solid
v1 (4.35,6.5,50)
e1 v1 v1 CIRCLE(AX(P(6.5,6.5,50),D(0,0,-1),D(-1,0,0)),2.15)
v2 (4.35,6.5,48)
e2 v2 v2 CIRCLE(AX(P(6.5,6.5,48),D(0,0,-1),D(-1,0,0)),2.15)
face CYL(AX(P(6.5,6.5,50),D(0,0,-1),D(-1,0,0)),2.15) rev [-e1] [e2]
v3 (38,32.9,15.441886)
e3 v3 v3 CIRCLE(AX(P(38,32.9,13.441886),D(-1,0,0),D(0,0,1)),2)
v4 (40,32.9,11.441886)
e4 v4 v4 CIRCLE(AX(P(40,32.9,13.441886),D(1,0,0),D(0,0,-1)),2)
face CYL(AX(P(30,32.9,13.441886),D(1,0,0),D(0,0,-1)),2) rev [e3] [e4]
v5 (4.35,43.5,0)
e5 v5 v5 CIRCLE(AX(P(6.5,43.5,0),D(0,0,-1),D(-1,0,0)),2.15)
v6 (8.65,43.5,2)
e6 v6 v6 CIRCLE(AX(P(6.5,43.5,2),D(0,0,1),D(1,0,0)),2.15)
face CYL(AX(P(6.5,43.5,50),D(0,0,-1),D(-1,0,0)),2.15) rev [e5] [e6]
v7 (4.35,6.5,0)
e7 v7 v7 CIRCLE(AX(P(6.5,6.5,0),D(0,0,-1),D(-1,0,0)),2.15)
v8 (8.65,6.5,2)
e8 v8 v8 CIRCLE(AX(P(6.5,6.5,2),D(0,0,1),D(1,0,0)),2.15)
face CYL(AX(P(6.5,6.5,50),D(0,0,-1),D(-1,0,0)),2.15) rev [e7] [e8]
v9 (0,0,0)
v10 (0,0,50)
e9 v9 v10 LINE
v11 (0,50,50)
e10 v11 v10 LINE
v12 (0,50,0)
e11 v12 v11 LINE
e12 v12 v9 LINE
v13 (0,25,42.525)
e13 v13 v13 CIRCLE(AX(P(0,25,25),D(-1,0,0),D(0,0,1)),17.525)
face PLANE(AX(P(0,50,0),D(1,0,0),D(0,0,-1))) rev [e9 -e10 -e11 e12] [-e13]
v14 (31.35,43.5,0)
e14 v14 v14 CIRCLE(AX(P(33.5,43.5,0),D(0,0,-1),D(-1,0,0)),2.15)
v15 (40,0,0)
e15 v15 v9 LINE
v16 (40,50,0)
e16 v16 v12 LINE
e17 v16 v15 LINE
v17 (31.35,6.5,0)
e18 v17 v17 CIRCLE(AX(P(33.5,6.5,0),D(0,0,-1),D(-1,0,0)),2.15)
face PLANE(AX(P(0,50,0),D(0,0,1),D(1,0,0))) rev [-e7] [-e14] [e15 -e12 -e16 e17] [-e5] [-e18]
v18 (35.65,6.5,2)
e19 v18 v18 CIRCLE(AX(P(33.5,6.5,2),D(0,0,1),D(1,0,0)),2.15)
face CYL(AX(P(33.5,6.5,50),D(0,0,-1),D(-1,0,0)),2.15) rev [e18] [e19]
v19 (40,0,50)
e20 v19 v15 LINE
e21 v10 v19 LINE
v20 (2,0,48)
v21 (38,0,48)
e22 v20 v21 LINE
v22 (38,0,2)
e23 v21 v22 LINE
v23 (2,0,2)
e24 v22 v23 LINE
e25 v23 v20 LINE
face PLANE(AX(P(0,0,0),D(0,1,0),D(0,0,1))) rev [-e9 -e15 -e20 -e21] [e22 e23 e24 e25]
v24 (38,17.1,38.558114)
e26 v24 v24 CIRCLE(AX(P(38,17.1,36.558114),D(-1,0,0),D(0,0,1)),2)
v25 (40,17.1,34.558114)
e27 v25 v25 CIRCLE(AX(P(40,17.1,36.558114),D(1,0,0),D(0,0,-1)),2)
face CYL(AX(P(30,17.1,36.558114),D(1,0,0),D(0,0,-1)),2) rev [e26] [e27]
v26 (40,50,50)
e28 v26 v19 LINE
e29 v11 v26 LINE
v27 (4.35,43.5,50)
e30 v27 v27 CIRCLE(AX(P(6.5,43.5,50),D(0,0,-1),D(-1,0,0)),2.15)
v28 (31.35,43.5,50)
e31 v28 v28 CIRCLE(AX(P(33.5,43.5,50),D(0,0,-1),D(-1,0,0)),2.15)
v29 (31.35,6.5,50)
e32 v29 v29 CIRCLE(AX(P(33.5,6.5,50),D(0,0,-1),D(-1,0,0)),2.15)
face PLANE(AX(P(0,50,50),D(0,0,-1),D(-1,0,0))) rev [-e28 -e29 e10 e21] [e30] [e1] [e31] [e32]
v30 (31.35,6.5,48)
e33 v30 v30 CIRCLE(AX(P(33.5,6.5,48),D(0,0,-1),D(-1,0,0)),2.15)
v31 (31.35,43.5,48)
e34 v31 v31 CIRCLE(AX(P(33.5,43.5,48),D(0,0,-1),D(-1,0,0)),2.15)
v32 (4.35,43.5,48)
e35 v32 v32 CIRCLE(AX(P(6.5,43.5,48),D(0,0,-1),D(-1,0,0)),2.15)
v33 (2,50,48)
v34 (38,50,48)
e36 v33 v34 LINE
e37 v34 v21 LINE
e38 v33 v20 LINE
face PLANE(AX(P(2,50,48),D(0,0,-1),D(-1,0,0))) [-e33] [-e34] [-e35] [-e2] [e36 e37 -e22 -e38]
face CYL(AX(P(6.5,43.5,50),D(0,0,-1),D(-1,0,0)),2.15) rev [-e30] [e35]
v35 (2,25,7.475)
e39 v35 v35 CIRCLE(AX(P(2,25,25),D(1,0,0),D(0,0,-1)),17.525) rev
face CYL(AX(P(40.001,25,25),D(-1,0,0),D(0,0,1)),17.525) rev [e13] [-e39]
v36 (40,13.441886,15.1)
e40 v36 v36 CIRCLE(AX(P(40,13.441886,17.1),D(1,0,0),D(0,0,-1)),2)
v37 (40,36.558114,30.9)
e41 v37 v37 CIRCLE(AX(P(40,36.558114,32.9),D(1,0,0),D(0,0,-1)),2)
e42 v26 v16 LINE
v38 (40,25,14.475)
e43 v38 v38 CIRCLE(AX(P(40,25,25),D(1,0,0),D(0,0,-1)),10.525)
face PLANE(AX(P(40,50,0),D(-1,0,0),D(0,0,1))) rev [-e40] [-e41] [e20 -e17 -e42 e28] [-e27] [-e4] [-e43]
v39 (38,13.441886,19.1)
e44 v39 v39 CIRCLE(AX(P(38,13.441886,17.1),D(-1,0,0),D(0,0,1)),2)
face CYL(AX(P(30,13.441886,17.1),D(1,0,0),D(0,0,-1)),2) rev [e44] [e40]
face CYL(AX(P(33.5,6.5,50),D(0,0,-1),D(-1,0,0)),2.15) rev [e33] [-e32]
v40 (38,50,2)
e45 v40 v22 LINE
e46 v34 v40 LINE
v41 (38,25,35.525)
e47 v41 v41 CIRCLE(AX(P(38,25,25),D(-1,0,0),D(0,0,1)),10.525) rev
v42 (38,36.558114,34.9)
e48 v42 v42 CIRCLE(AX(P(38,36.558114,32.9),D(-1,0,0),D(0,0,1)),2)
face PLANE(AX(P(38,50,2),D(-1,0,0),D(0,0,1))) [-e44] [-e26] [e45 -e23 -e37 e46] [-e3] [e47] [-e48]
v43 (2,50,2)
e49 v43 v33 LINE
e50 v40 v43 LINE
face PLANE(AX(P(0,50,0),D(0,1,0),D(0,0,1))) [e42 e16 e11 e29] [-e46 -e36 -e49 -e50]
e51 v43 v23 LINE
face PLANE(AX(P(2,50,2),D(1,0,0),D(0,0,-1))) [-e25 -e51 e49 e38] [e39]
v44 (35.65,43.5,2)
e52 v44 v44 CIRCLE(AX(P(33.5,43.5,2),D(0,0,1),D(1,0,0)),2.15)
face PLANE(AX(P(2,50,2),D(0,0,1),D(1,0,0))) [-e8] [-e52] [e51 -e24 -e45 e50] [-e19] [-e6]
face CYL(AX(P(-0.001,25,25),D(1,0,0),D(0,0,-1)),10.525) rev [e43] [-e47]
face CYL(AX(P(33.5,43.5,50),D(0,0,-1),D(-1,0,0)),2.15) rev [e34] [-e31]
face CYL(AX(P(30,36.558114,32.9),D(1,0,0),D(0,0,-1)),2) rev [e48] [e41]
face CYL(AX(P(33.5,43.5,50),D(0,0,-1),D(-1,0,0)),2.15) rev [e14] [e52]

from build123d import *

# Parameters (mm, degrees)
SKETCH_1_W          = 40
SKETCH_1_H          = 50
SKETCH_1_W_2        = 36
SKETCH_1_H_2        = 46
EXTRUDE_1_DEPTH     = 50
SKETCH_2_R          = 2.15
CUT_EXTRUDE_1_DEPTH = 82.240384046
CUT_EXTRUDE_2_REACH = 83.24
SKETCH_3_R          = 17.525
CUT_EXTRUDE_3_REACH = 83.24
SKETCH_4_R          = 10.525
SKETCH_5_R          = 2
CUT_EXTRUDE_5_DEPTH = 10


with BuildPart() as part:
    # 草图1 → 凸台-拉伸1 (new body)
    with BuildSketch(Plane(origin=(0, 0, 0), x_dir=(1, 0, 0), z_dir=(0, 1, 0))):
        with Locations((20, -25)):
            Rectangle(SKETCH_1_W, SKETCH_1_H)
        with Locations((20, -25)):
            Rectangle(SKETCH_1_W_2, SKETCH_1_H_2, mode=Mode.SUBTRACT)
    extrude(amount=EXTRUDE_1_DEPTH)

    # 草图2 → 切除-拉伸1 (cut, through all)
    with BuildSketch(Plane(origin=(0, 0, 0), x_dir=(-1, 0, 0), z_dir=(0, 0, -1))):
        with Locations((-6.5, 6.5)):
            Circle(SKETCH_2_R)
        with Locations((-33.5, 6.5)):
            Circle(SKETCH_2_R)
        with Locations((-33.5, 43.5)):
            Circle(SKETCH_2_R)
        with Locations((-6.5, 43.5)):
            Circle(SKETCH_2_R)
    extrude(amount=-CUT_EXTRUDE_1_DEPTH, mode=Mode.SUBTRACT)

    # 草图3 → Cut-Extrude 2 (cut, up to next)
    with BuildSketch(Plane.ZY, mode=Mode.PRIVATE) as cut_extrude_2_sk1:
        with Locations((25, 25)):
            Circle(SKETCH_3_R)
    cut_extrude_2_tool1 = extrude(cut_extrude_2_sk1.sketch, amount=-CUT_EXTRUDE_2_REACH, mode=Mode.PRIVATE) & part.part
    add(cut_extrude_2_tool1.solids().sort_by_distance((0, 25, 25))[0], mode=Mode.SUBTRACT)

    # 草图4 → Cut-Extrude 3 (cut, up to next)
    with BuildSketch(Plane(origin=(40, 0, 0), x_dir=(0, 0, -1), z_dir=(1, 0, 0)), mode=Mode.PRIVATE) as cut_extrude_3_sk1:
        with Locations((-25, 25)):
            Circle(SKETCH_4_R)
    cut_extrude_3_tool1 = extrude(cut_extrude_3_sk1.sketch, amount=-CUT_EXTRUDE_3_REACH, mode=Mode.PRIVATE) & part.part
    add(cut_extrude_3_tool1.solids().sort_by_distance((40, 25, 25))[0], mode=Mode.SUBTRACT)

    # 草图5 → Cut-Extrude 5 (cut)
    with BuildSketch(Plane(origin=(40, 0, 0), x_dir=(0, 0, -1), z_dir=(1, 0, 0))):
        with Locations((-17.1, 13.441885967)):
            Circle(SKETCH_5_R)
        with Locations((-36.558114033, 17.1)):
            Circle(SKETCH_5_R)
        with Locations((-32.9, 36.558114033)):
            Circle(SKETCH_5_R)
        with Locations((-13.441885967, 32.9)):
            Circle(SKETCH_5_R)
    extrude(amount=-CUT_EXTRUDE_5_DEPTH, mode=Mode.SUBTRACT)


solid = part.part
